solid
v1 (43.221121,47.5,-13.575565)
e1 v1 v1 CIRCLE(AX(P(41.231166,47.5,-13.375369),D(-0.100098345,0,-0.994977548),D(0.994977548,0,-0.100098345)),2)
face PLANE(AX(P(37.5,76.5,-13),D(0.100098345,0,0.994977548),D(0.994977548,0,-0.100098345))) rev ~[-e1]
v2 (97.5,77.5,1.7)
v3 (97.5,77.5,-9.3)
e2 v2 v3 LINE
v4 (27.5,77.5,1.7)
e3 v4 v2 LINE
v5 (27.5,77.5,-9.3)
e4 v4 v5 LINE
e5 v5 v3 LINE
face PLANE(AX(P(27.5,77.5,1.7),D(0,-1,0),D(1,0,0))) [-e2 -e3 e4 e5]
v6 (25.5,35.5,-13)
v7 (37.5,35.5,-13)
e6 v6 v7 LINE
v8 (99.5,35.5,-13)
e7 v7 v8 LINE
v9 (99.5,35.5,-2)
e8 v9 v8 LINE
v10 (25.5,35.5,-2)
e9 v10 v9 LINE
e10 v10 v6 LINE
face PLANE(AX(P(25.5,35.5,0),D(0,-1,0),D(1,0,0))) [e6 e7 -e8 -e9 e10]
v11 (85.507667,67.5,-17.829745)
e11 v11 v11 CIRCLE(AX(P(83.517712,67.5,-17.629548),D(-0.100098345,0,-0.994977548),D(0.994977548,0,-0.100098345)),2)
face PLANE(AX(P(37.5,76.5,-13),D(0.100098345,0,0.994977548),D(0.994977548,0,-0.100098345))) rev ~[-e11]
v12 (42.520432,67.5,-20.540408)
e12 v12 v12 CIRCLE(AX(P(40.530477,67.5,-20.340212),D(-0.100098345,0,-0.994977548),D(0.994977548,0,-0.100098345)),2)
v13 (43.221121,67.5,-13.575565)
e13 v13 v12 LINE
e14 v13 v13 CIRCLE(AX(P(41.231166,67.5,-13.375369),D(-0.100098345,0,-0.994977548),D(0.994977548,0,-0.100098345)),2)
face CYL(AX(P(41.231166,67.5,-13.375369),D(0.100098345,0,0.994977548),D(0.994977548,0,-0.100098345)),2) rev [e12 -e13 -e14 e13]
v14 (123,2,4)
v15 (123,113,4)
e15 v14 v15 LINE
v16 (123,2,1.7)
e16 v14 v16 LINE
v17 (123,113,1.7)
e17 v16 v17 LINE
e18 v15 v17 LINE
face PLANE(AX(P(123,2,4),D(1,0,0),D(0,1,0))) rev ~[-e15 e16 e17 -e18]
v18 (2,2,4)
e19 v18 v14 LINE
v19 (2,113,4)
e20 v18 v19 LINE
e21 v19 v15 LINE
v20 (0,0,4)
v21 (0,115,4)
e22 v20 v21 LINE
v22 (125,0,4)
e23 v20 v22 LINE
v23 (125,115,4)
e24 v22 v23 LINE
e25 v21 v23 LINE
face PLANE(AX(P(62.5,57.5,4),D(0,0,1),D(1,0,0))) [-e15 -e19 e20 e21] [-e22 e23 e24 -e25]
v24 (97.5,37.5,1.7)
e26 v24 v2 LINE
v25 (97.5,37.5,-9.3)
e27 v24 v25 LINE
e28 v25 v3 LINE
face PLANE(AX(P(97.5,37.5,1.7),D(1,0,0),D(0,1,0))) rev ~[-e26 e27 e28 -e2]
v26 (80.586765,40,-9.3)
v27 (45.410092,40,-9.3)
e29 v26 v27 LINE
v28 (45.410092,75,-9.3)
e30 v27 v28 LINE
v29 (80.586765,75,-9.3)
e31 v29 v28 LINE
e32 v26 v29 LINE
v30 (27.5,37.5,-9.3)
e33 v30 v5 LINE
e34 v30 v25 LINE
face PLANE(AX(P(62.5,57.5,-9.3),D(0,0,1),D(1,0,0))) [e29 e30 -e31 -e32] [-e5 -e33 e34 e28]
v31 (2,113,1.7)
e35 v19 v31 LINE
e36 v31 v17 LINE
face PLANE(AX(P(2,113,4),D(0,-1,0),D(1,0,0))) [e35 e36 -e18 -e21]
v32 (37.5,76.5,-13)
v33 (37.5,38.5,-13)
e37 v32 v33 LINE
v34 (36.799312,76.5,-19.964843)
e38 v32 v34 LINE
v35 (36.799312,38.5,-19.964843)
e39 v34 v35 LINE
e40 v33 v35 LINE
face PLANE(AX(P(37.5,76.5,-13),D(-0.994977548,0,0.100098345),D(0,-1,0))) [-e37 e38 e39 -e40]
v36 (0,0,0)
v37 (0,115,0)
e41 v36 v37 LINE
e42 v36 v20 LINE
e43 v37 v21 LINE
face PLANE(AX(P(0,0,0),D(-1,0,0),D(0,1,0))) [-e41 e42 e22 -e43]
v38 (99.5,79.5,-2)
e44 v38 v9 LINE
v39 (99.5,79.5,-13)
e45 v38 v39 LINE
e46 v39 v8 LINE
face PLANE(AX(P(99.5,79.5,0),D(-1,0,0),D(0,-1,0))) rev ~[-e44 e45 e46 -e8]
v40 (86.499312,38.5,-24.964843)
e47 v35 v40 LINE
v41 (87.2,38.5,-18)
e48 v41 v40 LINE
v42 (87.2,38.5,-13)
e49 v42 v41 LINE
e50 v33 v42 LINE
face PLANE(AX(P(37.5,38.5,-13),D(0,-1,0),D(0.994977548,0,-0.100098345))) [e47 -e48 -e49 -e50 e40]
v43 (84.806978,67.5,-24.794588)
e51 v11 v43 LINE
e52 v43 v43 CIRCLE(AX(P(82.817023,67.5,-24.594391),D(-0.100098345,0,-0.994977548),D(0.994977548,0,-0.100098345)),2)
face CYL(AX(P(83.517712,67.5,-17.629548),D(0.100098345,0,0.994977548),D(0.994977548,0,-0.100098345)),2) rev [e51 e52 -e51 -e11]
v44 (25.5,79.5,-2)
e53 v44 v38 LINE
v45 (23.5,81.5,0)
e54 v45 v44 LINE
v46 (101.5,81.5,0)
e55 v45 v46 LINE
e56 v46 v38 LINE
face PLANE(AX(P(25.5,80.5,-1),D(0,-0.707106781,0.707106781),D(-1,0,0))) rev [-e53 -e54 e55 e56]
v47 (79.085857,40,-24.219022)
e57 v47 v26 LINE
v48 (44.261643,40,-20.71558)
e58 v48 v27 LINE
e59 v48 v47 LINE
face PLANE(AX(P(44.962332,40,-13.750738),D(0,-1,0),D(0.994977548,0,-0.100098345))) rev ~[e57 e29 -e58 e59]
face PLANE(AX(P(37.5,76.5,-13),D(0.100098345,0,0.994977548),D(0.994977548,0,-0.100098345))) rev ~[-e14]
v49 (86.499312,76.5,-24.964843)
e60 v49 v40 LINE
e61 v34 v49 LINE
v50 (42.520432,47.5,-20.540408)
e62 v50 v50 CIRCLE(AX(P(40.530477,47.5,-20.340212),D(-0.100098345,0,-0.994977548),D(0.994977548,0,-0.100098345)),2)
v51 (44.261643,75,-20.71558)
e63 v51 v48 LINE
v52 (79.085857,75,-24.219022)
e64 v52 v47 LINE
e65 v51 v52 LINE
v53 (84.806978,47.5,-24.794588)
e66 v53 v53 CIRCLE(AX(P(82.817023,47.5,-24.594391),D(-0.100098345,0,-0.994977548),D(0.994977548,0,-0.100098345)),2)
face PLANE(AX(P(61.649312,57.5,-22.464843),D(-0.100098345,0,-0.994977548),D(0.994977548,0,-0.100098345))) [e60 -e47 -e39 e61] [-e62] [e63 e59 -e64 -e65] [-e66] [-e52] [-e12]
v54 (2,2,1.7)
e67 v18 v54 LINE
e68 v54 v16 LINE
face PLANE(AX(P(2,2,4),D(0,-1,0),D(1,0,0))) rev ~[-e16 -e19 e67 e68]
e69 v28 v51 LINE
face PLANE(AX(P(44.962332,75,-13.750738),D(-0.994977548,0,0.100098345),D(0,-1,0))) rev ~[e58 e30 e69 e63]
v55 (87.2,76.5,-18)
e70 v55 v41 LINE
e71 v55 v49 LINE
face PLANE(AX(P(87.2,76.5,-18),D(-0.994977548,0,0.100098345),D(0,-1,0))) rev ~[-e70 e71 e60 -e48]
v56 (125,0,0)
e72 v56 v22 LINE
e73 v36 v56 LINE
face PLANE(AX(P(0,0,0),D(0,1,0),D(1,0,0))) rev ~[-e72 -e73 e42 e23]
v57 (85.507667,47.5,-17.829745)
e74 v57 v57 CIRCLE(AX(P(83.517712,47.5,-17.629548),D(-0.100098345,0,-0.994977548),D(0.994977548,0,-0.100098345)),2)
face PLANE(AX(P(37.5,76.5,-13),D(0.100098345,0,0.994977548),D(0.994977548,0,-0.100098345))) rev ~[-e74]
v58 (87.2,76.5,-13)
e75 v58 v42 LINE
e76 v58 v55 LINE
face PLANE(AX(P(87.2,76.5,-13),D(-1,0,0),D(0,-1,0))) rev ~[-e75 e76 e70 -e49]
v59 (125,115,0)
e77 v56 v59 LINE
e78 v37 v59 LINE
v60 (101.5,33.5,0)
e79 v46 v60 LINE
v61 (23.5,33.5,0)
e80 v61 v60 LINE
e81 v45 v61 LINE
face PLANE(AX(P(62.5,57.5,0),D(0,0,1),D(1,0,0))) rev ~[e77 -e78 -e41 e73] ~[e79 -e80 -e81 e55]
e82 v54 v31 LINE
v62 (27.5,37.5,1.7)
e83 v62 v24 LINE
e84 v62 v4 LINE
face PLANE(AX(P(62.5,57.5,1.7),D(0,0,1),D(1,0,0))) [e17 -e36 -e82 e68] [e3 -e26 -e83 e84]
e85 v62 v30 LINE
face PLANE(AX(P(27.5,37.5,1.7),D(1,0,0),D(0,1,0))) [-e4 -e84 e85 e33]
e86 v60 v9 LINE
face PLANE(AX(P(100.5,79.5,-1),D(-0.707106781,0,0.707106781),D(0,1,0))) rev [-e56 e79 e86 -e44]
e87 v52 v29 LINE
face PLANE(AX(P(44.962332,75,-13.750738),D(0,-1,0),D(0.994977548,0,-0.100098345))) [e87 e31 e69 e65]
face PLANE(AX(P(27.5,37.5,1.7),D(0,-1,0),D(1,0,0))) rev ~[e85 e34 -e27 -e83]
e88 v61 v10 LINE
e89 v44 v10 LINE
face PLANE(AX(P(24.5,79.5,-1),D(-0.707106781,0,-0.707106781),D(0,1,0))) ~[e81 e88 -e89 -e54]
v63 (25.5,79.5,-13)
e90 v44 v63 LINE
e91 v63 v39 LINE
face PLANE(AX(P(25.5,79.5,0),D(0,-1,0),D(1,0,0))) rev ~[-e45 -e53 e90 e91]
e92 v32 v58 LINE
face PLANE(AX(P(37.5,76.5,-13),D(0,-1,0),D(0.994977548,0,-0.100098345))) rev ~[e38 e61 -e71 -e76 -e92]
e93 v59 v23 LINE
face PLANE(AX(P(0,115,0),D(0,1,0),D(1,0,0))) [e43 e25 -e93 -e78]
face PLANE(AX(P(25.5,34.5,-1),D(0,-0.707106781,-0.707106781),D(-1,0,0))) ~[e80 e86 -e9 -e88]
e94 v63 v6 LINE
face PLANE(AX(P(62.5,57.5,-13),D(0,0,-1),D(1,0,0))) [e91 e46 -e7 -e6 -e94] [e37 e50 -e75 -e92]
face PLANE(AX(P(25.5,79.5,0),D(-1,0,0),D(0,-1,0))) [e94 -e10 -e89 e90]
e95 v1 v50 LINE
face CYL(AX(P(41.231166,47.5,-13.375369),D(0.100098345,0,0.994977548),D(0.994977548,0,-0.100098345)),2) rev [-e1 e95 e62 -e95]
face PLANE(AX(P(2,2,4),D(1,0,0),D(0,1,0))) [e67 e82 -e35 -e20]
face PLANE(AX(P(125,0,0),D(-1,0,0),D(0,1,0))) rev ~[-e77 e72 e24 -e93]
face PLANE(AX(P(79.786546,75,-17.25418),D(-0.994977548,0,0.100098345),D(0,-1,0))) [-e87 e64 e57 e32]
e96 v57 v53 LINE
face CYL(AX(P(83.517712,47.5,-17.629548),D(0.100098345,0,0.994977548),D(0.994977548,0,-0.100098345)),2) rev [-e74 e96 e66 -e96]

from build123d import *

# Parameters (mm, degrees)
SKETCH_W        = 125
SKETCH_H        = 115
PAD_DEPTH       = 4
SKETCH001_W     = 121
SKETCH001_H     = 111
POCKET_DEPTH    = 2.3
SKETCH002_W     = 74
SKETCH002_H     = 44
PAD001_DEPTH    = 13
CHAMFER_SIZE    = 2
SKETCH003_W     = 70
SKETCH003_H     = 40
POCKET001_DEPTH = 11
SKETCH004_W     = 49.7
SKETCH004_H     = 38
PAD002_DEPTH    = 5
POCKET002_DEPTH = 76.501
SKETCH006_W     = 49.9508758682
SKETCH006_H     = 38
SKETCH006_R     = 2
SKETCH006_W_2   = 35
SKETCH006_H_2   = 35
PAD003_DEPTH    = 7
SKETCH007_W     = 35
SKETCH007_H     = 35
POCKET003_DEPTH = 25.6742234963


with BuildPart() as part:
    # Sketch → Pad (new body)
    with BuildSketch(Plane.XY):
        with Locations((62.5, 57.5)):
            Rectangle(SKETCH_W, SKETCH_H)
    extrude(amount=PAD_DEPTH)

    # Sketch001 (on Face6 of Pad) → Pocket (cut)
    with BuildSketch(Plane.XY.offset(4)):
        with Locations((62.5, 57.5)):
            Rectangle(SKETCH001_W, SKETCH001_H)
    extrude(amount=-POCKET_DEPTH, mode=Mode.SUBTRACT)

    # Sketch002 (on Face4 of Pocket) → Pad001 (join)
    with BuildSketch(Plane(origin=(0, 0, 0), x_dir=(1, 0, 0), z_dir=(0, 0, -1))):
        with Locations((62.5, -57.5)):
            Rectangle(SKETCH002_W, SKETCH002_H)
    extrude(amount=PAD001_DEPTH)

    # Chamfer
    chamfer_edges = [part.edges().sort_by_distance(p)[0] for p in [
        (62.5, 35.5, 0),
        (99.5, 57.5, 0),
        (62.5, 79.5, 0),
        (25.5, 57.5, 0),
    ]]
    chamfer(chamfer_edges, length=CHAMFER_SIZE)

    # Sketch003 (on Face20 of Chamfer) → Pocket001 (cut)
    with BuildSketch(Plane.XY.offset(1.7)):
        with Locations((62.5, 57.5)):
            Rectangle(SKETCH003_W, SKETCH003_H)
    extrude(amount=-POCKET001_DEPTH, mode=Mode.SUBTRACT)

    # Sketch004 (on Face15 of Pocket001) → Pad002 (join)
    with BuildSketch(Plane(origin=(0, 0, -13), x_dir=(1, 0, 0), z_dir=(0, 0, -1))):
        with Locations((62.35, -57.5)):
            Rectangle(SKETCH004_W, SKETCH004_H)
    extrude(amount=PAD002_DEPTH)

    # Sketch005 (on Face22 of Pad002) → Pocket002 (cut, through all)
    with BuildSketch(Plane(origin=(0, 76.5, 0), x_dir=(-1, 0, 0), z_dir=(0, 1, 0))):
        Polygon((-37.5, -13), (-87.2, -18), (-37.5, -18), align=None)
    extrude(amount=-POCKET002_DEPTH, mode=Mode.SUBTRACT)

    # Sketch006 (on Face23 of Pocket002) → Pad003 (join)
    with BuildSketch(Plane(origin=(-0.9190049257, 0, -9.1349089612), x_dir=(0.9949775482, 0, -0.1000983449), z_dir=(-0.1000983449, 0, -0.9949775482))):
        with Locations((63.5883744738, -57.5)):
            Rectangle(SKETCH006_W, SKETCH006_H)
        with Locations((42.3629365397, -47.5)):
            Circle(SKETCH006_R, mode=Mode.SUBTRACT)
        with Locations((42.3629365397, -67.5)):
            Circle(SKETCH006_R, mode=Mode.SUBTRACT)
        with Locations((84.8629365397, -47.5)):
            Circle(SKETCH006_R, mode=Mode.SUBTRACT)
        with Locations((84.8629365397, -67.5)):
            Circle(SKETCH006_R, mode=Mode.SUBTRACT)
        with Locations((63.6129365397, -57.5)):
            Rectangle(SKETCH006_W_2, SKETCH006_H_2, mode=Mode.SUBTRACT)
    extrude(amount=PAD003_DEPTH)

    # Sketch007 (on Face38 of Pad003) → Pocket003 (cut, through all)
    with BuildSketch(Plane(origin=(-0.9190049257, 0, -9.1349089612), x_dir=(0.9949775482, 0, -0.1000983449), z_dir=(-0.1000983449, 0, -0.9949775482))):
        with Locations((63.6129365397, -57.5)):
            Rectangle(SKETCH007_W, SKETCH007_H)
    extrude(amount=-POCKET003_DEPTH, mode=Mode.SUBTRACT)


solid = part.part
